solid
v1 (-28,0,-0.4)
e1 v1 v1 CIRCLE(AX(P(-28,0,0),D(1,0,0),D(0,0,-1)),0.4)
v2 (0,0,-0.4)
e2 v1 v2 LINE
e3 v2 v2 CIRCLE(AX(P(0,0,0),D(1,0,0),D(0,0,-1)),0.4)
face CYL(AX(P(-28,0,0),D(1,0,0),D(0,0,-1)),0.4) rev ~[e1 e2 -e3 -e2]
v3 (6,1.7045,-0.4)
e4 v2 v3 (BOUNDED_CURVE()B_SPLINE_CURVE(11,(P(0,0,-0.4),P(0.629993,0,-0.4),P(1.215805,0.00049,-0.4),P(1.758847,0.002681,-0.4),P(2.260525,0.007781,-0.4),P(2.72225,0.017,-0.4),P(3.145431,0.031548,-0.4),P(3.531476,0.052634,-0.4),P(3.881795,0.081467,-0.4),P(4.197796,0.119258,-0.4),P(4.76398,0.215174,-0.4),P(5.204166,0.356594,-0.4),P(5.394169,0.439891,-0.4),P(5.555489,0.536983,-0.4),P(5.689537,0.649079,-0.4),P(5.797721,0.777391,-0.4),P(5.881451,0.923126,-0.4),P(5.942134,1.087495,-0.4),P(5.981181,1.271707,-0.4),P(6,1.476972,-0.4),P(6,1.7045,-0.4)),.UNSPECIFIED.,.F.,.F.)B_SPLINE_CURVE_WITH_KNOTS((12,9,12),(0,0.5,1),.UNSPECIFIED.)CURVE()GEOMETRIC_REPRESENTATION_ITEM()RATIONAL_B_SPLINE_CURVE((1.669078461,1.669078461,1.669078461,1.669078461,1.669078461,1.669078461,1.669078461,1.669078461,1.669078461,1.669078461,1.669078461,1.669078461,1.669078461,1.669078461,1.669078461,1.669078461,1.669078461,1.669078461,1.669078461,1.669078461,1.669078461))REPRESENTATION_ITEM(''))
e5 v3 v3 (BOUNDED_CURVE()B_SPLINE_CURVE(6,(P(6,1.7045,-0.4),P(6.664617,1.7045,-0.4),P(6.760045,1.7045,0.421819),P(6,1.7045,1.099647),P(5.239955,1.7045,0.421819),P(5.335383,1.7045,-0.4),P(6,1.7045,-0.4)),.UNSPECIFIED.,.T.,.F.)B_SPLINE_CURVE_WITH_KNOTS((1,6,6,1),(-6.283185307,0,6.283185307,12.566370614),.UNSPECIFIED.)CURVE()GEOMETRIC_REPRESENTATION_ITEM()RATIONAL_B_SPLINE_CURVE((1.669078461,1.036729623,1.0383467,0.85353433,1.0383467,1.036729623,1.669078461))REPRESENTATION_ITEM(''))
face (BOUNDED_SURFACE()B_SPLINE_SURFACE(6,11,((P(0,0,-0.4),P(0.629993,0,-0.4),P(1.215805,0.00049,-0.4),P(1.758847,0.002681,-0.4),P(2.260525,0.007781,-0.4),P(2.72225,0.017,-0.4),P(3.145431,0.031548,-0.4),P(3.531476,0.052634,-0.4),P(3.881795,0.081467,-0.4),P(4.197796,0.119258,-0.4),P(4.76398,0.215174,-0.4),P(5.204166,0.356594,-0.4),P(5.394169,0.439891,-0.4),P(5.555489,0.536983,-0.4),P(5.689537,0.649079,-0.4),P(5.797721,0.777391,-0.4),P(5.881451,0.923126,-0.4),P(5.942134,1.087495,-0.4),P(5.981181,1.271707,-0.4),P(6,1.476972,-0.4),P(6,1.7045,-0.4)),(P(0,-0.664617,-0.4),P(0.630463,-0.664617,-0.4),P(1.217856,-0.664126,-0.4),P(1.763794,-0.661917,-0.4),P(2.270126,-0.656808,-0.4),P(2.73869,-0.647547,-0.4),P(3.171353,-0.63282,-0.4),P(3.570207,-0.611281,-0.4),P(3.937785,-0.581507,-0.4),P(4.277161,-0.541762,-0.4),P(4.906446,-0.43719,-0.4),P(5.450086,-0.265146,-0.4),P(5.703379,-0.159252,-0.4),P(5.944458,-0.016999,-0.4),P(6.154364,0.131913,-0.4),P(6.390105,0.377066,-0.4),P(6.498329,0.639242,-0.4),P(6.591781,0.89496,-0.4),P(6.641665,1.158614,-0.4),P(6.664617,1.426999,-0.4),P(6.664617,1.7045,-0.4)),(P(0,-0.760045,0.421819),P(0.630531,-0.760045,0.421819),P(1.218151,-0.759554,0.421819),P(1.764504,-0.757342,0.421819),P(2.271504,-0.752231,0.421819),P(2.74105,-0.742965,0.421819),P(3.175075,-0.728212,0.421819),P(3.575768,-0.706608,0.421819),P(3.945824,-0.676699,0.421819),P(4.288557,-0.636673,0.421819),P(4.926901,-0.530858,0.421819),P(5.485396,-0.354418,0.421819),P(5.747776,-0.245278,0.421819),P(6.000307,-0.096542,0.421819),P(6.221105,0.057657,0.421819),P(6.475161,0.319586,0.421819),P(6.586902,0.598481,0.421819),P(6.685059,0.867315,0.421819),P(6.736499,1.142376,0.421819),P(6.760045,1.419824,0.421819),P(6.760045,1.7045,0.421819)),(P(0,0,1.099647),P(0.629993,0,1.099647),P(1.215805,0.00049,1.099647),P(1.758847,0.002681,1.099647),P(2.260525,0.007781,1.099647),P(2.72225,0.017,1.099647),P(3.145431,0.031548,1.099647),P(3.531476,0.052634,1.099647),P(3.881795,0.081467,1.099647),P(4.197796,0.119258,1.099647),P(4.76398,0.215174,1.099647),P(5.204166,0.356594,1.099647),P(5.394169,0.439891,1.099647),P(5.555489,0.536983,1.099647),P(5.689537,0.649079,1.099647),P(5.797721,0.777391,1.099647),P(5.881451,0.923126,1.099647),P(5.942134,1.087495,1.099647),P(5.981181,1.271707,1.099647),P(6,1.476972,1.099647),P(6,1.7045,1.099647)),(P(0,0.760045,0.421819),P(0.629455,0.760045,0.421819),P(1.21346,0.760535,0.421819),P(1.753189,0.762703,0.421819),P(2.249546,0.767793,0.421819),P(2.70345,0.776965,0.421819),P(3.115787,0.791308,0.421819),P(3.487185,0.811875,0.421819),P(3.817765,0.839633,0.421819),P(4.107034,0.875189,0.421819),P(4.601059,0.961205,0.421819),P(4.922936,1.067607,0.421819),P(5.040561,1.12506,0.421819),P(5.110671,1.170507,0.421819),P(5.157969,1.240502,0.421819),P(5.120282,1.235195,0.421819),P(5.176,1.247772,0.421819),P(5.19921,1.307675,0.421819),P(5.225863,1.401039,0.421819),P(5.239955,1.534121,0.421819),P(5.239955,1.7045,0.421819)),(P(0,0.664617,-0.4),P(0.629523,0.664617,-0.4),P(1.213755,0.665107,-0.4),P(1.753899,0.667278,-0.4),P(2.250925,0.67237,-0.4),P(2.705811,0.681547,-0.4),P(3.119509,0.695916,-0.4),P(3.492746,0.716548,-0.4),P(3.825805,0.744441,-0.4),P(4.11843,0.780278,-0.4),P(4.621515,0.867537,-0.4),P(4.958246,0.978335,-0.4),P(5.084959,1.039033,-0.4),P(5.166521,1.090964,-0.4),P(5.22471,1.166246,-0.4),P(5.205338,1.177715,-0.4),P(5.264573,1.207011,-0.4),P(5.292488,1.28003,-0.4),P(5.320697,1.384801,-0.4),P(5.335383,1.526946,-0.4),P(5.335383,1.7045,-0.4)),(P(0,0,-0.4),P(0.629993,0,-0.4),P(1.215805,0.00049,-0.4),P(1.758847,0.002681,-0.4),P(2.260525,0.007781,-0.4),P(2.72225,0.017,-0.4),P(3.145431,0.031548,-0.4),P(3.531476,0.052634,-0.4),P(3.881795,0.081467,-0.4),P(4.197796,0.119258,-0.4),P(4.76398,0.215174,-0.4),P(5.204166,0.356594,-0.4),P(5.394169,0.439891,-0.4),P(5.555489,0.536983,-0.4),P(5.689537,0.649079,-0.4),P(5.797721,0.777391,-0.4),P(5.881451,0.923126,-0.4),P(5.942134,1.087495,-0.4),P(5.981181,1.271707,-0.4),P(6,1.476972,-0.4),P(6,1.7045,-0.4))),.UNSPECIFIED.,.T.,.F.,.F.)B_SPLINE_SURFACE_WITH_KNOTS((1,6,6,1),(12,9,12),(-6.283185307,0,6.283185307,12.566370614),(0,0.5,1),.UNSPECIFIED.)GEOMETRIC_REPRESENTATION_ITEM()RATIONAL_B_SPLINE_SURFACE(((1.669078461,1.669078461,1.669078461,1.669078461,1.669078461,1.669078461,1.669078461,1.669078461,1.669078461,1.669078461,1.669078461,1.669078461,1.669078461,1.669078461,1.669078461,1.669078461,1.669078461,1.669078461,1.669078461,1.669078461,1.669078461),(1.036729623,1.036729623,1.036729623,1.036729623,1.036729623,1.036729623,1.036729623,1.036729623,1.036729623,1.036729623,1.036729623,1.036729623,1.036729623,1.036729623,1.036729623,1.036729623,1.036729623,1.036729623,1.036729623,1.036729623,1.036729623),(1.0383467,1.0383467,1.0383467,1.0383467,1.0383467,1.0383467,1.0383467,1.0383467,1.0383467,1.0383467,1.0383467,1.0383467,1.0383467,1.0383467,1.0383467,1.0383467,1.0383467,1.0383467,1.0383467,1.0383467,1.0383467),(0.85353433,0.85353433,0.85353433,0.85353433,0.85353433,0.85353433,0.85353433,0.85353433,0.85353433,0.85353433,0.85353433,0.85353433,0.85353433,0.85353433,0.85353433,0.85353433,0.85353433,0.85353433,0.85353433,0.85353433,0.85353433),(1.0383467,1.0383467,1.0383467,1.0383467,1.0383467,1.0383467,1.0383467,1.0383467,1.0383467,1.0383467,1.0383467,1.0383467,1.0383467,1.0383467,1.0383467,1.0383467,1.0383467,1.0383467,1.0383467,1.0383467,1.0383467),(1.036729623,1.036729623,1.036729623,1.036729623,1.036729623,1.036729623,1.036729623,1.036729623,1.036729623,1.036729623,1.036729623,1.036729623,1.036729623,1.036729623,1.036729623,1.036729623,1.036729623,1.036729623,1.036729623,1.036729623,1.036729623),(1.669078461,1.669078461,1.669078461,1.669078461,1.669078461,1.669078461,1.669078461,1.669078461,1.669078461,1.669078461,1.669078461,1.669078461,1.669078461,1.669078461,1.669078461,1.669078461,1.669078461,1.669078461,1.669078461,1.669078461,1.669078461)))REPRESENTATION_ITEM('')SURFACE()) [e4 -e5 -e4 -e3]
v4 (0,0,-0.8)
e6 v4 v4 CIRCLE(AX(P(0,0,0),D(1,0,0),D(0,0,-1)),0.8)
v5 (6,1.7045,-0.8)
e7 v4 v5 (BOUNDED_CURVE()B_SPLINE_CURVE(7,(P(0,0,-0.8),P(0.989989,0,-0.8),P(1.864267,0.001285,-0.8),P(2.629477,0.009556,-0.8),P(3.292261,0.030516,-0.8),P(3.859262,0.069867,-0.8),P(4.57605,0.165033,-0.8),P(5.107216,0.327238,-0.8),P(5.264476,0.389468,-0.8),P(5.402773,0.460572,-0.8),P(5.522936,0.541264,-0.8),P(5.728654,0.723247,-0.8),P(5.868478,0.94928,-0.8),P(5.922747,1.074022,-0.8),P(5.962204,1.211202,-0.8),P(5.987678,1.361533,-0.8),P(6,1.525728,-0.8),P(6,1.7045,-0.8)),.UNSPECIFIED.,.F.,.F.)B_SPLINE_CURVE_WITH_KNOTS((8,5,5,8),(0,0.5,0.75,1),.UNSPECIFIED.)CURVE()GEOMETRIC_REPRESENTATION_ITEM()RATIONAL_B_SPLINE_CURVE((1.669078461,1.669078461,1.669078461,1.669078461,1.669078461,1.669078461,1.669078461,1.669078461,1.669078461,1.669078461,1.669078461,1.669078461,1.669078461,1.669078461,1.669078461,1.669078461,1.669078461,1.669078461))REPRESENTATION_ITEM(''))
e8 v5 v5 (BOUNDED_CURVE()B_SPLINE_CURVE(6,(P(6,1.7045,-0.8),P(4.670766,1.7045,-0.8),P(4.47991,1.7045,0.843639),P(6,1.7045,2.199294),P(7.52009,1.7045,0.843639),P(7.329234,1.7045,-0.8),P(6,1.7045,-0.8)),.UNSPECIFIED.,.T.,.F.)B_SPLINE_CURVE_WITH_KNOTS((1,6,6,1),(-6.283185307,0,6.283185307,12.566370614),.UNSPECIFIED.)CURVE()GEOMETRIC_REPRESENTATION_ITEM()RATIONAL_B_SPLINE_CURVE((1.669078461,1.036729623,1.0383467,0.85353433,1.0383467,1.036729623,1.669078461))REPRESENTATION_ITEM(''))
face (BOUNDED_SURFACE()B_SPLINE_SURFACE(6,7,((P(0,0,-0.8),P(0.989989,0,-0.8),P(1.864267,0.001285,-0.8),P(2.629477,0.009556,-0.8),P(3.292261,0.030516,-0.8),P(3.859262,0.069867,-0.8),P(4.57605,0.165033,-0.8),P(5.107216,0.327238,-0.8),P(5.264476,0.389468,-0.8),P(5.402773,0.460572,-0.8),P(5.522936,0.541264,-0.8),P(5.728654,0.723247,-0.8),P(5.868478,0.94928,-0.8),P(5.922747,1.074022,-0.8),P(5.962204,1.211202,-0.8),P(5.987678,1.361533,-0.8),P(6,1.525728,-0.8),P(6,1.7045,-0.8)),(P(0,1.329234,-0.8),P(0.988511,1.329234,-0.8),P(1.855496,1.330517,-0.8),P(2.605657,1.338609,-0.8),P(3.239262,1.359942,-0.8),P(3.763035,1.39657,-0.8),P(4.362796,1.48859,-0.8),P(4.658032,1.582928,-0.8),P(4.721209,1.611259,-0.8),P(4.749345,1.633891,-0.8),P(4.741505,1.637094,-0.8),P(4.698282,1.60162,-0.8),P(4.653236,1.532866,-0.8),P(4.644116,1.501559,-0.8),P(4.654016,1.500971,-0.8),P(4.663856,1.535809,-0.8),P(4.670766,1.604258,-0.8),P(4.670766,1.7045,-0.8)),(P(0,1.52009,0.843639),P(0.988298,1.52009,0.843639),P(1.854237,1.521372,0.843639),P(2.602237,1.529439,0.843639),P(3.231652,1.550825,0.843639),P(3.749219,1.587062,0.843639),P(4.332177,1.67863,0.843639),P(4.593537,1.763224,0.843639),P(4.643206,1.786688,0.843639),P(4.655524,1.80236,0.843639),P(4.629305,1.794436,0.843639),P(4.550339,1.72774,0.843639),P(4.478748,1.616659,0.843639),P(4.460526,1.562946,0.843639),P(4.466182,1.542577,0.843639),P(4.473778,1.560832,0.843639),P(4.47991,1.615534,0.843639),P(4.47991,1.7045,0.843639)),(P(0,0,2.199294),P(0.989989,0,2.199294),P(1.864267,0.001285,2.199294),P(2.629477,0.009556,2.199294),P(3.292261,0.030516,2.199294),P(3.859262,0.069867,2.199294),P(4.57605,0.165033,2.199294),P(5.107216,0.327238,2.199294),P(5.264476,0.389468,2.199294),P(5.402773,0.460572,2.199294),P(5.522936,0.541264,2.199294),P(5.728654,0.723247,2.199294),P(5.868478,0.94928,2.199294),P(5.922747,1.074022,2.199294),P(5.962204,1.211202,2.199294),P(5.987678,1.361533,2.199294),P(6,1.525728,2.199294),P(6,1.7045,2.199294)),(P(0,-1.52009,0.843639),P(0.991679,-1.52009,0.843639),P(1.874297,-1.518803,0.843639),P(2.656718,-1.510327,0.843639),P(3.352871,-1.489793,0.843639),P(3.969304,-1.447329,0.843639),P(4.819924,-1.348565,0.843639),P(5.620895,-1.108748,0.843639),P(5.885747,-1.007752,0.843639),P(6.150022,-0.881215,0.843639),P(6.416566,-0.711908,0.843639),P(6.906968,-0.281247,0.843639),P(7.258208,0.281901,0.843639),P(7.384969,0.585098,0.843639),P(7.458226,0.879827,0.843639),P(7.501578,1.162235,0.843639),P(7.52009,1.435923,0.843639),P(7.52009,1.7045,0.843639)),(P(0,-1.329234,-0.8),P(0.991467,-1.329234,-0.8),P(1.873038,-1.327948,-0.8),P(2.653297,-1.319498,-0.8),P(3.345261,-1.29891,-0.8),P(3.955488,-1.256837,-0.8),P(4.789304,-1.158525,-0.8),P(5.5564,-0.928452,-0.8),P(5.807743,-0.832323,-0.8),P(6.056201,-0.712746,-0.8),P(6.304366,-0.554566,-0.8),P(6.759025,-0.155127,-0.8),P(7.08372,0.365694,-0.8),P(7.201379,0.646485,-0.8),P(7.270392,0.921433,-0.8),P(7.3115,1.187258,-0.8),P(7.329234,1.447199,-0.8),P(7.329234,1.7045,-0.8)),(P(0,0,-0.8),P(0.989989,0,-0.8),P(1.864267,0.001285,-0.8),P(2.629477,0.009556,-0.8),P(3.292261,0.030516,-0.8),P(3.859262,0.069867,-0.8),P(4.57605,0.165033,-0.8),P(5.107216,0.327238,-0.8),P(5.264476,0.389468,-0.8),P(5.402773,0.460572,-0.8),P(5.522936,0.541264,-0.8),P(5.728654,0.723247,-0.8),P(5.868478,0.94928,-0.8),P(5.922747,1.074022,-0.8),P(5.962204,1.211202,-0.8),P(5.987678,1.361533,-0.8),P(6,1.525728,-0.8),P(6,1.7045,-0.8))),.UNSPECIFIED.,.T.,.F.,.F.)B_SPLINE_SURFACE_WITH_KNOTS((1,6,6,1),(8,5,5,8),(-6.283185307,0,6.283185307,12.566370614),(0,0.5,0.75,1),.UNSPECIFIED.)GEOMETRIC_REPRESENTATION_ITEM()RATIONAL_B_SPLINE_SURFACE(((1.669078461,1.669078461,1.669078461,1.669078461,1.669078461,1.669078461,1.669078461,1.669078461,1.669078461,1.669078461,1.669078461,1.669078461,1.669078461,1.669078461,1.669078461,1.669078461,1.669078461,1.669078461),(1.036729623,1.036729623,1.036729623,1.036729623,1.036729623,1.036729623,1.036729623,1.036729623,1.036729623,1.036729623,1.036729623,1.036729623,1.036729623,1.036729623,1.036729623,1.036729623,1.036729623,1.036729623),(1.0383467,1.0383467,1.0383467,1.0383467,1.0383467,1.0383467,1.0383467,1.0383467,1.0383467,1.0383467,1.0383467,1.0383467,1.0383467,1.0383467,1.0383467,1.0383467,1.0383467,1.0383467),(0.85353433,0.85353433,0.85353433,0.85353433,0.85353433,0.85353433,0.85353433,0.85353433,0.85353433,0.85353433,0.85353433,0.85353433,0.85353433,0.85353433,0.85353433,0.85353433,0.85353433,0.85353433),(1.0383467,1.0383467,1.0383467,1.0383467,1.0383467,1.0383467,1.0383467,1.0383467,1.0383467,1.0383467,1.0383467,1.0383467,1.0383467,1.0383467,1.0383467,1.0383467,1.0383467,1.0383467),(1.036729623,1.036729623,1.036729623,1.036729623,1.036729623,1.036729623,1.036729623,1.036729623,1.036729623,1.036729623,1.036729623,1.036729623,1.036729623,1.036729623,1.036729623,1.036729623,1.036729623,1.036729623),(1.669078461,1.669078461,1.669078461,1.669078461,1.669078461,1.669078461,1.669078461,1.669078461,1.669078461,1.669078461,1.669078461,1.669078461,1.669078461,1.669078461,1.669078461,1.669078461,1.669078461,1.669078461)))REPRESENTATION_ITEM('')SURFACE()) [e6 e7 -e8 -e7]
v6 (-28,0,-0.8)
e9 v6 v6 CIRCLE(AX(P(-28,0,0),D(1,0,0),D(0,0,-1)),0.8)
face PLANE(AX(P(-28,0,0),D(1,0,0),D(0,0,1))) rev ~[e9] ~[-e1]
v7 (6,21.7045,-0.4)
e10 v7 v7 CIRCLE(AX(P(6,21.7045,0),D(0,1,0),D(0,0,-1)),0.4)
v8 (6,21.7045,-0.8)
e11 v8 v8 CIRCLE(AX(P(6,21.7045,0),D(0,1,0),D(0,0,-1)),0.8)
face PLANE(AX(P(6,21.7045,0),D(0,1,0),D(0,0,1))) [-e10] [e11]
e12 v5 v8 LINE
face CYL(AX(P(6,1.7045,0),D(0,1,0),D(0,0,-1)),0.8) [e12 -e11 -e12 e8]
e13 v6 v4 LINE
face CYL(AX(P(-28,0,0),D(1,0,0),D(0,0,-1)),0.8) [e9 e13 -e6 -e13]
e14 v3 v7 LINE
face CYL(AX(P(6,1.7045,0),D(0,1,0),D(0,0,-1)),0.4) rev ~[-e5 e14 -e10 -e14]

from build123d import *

# Parameters (mm, degrees)
PIPERING_R   = 0.8
PIPERING_R_2 = 0.4


with BuildPart() as part:
    # Pipe: sweep along a path in PipeSke
    with BuildLine() as pipe_path:  # in the path sketch's own coordinates; laid on its plane below (add() does not lay a ready-made edge on the line's plane)
        Line((-28, 0), (0, 0))
        add(Edge.make_bspline(
            [(0, 0), (4.619948081, 0), (6, 0.035966381), (6, 1.704499781)],
            knots=[0, 0, 0, 0, 1, 1, 1, 1], degree=3))
        Line((6, 1.704499781), (6, 21.704499781))
    # PipeRing → Pipe (sweep)
    with BuildSketch(Plane(origin=(0, 0, 0), x_dir=(0, 0, -1), z_dir=(1, 0, 0))):
        Circle(PIPERING_R)
        Circle(PIPERING_R_2, mode=Mode.SUBTRACT)
    sweep(path=Plane.XY * pipe_path.line)


solid = part.part
